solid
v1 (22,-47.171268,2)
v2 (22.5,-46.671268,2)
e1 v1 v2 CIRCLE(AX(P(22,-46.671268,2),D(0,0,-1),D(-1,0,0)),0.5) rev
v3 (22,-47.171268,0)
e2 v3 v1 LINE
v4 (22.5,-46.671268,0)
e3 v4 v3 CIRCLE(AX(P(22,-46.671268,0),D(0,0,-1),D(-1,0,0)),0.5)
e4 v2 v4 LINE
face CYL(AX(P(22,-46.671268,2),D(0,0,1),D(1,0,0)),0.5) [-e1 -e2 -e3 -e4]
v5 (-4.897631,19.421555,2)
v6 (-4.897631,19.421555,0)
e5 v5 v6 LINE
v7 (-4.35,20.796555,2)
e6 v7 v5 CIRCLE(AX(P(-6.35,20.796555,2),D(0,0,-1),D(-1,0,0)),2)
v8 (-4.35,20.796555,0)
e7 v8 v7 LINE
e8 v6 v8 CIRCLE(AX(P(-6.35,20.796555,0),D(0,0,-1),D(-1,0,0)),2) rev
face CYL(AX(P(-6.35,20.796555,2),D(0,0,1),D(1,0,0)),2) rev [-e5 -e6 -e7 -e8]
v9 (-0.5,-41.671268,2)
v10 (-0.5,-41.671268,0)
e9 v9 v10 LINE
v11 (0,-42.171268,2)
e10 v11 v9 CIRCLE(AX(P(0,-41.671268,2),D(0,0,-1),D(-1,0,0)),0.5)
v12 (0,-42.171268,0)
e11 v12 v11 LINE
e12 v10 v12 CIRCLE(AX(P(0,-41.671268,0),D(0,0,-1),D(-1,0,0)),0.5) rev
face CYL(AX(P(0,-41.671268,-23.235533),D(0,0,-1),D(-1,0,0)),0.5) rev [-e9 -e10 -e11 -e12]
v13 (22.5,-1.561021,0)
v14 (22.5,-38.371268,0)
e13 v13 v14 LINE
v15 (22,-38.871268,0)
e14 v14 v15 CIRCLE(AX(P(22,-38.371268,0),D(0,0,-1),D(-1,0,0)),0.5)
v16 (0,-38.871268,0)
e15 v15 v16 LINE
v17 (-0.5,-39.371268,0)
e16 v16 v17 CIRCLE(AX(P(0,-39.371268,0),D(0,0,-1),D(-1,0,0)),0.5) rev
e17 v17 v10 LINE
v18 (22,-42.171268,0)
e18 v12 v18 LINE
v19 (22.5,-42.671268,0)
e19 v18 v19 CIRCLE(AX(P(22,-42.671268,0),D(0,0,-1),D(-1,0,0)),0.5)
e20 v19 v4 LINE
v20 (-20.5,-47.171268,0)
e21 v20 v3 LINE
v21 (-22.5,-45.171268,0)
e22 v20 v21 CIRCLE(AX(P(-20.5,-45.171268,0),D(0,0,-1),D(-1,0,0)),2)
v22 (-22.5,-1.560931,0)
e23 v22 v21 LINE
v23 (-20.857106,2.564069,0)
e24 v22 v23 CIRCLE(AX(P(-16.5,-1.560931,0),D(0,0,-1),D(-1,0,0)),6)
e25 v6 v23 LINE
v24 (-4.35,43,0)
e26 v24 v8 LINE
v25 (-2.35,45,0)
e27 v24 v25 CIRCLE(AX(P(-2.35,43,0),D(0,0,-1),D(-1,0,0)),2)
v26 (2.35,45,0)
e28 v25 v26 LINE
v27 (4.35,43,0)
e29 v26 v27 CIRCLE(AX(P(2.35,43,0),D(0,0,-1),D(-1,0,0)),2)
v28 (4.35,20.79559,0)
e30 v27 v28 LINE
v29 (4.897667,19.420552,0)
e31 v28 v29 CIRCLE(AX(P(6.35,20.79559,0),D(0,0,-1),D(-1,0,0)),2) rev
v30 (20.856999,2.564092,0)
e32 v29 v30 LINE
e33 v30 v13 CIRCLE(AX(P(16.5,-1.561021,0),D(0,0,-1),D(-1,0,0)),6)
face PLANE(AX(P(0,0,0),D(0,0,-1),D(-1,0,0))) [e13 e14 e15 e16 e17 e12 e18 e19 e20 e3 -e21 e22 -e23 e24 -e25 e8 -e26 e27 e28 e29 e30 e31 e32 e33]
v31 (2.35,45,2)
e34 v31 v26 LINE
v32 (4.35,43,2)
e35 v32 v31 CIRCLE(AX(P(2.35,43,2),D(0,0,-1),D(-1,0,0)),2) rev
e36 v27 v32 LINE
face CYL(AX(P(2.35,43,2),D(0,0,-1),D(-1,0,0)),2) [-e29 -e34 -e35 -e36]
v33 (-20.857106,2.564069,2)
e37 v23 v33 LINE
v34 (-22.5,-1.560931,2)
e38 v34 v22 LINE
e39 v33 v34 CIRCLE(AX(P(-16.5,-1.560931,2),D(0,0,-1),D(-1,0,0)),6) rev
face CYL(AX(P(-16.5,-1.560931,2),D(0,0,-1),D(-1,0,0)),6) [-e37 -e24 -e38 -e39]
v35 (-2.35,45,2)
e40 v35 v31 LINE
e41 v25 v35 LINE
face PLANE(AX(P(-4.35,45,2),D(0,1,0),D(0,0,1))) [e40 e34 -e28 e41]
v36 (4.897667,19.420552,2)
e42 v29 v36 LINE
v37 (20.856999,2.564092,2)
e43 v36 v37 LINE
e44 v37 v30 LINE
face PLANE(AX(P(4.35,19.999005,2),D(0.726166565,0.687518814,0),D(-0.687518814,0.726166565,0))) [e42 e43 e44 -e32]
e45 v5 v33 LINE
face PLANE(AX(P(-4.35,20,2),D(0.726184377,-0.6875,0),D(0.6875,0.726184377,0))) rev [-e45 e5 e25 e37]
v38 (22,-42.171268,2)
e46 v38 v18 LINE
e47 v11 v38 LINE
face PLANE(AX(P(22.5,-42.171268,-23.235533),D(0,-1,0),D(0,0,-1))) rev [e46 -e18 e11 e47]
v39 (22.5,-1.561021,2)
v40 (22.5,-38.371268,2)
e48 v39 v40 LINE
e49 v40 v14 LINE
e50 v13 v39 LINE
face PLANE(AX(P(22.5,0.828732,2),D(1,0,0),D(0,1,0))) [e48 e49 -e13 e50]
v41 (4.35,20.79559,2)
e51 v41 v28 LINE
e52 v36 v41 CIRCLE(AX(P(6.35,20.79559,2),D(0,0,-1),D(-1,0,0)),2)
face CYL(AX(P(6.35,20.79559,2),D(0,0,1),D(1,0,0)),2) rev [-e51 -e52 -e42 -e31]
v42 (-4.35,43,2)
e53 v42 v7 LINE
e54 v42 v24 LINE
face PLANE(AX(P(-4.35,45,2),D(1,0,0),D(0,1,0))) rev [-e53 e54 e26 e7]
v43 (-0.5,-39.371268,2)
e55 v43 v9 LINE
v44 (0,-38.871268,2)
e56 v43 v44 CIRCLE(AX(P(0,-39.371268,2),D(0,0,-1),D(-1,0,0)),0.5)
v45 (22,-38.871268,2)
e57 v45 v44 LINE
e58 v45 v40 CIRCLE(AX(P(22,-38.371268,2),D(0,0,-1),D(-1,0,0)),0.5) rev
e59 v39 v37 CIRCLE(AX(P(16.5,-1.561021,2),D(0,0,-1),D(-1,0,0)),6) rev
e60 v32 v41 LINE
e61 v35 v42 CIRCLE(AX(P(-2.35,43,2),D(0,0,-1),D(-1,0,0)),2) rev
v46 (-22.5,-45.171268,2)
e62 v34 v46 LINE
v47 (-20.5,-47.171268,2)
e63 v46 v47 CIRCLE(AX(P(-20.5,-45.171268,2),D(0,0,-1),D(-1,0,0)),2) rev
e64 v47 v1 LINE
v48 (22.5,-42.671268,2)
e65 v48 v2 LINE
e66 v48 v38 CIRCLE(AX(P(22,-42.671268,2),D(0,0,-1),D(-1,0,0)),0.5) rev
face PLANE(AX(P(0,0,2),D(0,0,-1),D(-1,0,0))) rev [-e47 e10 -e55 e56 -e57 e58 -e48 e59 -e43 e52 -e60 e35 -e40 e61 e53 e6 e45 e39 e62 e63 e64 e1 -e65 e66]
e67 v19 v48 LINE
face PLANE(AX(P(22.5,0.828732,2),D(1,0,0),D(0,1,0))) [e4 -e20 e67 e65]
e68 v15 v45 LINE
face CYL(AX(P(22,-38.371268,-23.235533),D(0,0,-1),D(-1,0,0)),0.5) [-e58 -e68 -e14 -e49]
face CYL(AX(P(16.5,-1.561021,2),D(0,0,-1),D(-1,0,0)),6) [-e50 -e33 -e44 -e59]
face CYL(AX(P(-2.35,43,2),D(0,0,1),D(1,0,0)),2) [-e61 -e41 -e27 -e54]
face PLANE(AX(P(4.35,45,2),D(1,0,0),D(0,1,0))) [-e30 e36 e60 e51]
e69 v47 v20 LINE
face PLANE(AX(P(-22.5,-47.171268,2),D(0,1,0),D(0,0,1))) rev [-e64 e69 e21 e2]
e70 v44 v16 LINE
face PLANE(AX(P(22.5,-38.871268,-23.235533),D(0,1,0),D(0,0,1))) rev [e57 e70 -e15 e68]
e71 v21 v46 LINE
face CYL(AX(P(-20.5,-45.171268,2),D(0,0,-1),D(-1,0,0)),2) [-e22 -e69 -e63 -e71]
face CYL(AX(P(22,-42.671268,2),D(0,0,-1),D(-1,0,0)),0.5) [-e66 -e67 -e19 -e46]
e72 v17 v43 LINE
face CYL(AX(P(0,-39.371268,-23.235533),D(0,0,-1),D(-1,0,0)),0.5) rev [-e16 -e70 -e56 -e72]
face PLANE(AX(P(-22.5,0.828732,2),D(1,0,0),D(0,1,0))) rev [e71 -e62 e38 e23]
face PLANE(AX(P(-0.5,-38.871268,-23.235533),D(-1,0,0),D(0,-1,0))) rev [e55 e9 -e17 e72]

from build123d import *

# Parameters (mm, degrees)
SALIENTE_EXTRUIR1_DEPTH = 2
CROQUIS3_W              = 23
CROQUIS3_H              = 3.3
CORTAR_EXTRUIR2_DEPTH   = 2
REDONDEO1_R             = 2
REDONDEO2_R             = 6
REDONDEO3_R             = 0.5


with BuildPart() as part:
    # Croquis1 → Saliente-Extruir1 (new body)
    with BuildSketch(Plane.XY):
        Polygon((-4.35, 20), (-22.5, 0.828732436), (-22.5, -47.171267564), (22.5, -47.171267564), (22.5, 0.828732436), (4.35, 19.999005159), (4.35, 45), (-4.35, 45), align=None)
    extrude(amount=SALIENTE_EXTRUIR1_DEPTH)

    # Croquis3 → Cortar-Extruir2 (cut)
    with BuildSketch(Plane.XY.offset(2)):
        with Locations((11, -40.521267564)):
            Rectangle(CROQUIS3_W, CROQUIS3_H)
    extrude(amount=-CORTAR_EXTRUIR2_DEPTH, mode=Mode.SUBTRACT)

    # Redondeo1
    redondeo1_edges = [part.edges().sort_by_distance(p)[0] for p in [
        (-4.35, 45, 1),
        (-4.35, 20, 1),
        (-22.5, -47.171267564, 1),
        (4.35, 19.999005159, 1),
        (4.35, 45, 1),
    ]]
    fillet(redondeo1_edges, radius=REDONDEO1_R)

    # Redondeo2
    redondeo2_edges = [part.edges().sort_by_distance(p)[0] for p in [
        (-22.5, 0.828732436, 1),
        (22.5, 0.828732436, 1),
    ]]
    fillet(redondeo2_edges, radius=REDONDEO2_R)

    # Redondeo3
    redondeo3_edges = [part.edges().sort_by_distance(p)[0] for p in [
        (22.5, -47.171267564, 1),
        (-0.5, -38.871267564, 1),
        (-0.5, -42.171267564, 1),
        (22.5, -42.171267564, 1),
        (22.5, -38.871267564, 1),
    ]]
    fillet(redondeo3_edges, radius=REDONDEO3_R)


solid = part.part
